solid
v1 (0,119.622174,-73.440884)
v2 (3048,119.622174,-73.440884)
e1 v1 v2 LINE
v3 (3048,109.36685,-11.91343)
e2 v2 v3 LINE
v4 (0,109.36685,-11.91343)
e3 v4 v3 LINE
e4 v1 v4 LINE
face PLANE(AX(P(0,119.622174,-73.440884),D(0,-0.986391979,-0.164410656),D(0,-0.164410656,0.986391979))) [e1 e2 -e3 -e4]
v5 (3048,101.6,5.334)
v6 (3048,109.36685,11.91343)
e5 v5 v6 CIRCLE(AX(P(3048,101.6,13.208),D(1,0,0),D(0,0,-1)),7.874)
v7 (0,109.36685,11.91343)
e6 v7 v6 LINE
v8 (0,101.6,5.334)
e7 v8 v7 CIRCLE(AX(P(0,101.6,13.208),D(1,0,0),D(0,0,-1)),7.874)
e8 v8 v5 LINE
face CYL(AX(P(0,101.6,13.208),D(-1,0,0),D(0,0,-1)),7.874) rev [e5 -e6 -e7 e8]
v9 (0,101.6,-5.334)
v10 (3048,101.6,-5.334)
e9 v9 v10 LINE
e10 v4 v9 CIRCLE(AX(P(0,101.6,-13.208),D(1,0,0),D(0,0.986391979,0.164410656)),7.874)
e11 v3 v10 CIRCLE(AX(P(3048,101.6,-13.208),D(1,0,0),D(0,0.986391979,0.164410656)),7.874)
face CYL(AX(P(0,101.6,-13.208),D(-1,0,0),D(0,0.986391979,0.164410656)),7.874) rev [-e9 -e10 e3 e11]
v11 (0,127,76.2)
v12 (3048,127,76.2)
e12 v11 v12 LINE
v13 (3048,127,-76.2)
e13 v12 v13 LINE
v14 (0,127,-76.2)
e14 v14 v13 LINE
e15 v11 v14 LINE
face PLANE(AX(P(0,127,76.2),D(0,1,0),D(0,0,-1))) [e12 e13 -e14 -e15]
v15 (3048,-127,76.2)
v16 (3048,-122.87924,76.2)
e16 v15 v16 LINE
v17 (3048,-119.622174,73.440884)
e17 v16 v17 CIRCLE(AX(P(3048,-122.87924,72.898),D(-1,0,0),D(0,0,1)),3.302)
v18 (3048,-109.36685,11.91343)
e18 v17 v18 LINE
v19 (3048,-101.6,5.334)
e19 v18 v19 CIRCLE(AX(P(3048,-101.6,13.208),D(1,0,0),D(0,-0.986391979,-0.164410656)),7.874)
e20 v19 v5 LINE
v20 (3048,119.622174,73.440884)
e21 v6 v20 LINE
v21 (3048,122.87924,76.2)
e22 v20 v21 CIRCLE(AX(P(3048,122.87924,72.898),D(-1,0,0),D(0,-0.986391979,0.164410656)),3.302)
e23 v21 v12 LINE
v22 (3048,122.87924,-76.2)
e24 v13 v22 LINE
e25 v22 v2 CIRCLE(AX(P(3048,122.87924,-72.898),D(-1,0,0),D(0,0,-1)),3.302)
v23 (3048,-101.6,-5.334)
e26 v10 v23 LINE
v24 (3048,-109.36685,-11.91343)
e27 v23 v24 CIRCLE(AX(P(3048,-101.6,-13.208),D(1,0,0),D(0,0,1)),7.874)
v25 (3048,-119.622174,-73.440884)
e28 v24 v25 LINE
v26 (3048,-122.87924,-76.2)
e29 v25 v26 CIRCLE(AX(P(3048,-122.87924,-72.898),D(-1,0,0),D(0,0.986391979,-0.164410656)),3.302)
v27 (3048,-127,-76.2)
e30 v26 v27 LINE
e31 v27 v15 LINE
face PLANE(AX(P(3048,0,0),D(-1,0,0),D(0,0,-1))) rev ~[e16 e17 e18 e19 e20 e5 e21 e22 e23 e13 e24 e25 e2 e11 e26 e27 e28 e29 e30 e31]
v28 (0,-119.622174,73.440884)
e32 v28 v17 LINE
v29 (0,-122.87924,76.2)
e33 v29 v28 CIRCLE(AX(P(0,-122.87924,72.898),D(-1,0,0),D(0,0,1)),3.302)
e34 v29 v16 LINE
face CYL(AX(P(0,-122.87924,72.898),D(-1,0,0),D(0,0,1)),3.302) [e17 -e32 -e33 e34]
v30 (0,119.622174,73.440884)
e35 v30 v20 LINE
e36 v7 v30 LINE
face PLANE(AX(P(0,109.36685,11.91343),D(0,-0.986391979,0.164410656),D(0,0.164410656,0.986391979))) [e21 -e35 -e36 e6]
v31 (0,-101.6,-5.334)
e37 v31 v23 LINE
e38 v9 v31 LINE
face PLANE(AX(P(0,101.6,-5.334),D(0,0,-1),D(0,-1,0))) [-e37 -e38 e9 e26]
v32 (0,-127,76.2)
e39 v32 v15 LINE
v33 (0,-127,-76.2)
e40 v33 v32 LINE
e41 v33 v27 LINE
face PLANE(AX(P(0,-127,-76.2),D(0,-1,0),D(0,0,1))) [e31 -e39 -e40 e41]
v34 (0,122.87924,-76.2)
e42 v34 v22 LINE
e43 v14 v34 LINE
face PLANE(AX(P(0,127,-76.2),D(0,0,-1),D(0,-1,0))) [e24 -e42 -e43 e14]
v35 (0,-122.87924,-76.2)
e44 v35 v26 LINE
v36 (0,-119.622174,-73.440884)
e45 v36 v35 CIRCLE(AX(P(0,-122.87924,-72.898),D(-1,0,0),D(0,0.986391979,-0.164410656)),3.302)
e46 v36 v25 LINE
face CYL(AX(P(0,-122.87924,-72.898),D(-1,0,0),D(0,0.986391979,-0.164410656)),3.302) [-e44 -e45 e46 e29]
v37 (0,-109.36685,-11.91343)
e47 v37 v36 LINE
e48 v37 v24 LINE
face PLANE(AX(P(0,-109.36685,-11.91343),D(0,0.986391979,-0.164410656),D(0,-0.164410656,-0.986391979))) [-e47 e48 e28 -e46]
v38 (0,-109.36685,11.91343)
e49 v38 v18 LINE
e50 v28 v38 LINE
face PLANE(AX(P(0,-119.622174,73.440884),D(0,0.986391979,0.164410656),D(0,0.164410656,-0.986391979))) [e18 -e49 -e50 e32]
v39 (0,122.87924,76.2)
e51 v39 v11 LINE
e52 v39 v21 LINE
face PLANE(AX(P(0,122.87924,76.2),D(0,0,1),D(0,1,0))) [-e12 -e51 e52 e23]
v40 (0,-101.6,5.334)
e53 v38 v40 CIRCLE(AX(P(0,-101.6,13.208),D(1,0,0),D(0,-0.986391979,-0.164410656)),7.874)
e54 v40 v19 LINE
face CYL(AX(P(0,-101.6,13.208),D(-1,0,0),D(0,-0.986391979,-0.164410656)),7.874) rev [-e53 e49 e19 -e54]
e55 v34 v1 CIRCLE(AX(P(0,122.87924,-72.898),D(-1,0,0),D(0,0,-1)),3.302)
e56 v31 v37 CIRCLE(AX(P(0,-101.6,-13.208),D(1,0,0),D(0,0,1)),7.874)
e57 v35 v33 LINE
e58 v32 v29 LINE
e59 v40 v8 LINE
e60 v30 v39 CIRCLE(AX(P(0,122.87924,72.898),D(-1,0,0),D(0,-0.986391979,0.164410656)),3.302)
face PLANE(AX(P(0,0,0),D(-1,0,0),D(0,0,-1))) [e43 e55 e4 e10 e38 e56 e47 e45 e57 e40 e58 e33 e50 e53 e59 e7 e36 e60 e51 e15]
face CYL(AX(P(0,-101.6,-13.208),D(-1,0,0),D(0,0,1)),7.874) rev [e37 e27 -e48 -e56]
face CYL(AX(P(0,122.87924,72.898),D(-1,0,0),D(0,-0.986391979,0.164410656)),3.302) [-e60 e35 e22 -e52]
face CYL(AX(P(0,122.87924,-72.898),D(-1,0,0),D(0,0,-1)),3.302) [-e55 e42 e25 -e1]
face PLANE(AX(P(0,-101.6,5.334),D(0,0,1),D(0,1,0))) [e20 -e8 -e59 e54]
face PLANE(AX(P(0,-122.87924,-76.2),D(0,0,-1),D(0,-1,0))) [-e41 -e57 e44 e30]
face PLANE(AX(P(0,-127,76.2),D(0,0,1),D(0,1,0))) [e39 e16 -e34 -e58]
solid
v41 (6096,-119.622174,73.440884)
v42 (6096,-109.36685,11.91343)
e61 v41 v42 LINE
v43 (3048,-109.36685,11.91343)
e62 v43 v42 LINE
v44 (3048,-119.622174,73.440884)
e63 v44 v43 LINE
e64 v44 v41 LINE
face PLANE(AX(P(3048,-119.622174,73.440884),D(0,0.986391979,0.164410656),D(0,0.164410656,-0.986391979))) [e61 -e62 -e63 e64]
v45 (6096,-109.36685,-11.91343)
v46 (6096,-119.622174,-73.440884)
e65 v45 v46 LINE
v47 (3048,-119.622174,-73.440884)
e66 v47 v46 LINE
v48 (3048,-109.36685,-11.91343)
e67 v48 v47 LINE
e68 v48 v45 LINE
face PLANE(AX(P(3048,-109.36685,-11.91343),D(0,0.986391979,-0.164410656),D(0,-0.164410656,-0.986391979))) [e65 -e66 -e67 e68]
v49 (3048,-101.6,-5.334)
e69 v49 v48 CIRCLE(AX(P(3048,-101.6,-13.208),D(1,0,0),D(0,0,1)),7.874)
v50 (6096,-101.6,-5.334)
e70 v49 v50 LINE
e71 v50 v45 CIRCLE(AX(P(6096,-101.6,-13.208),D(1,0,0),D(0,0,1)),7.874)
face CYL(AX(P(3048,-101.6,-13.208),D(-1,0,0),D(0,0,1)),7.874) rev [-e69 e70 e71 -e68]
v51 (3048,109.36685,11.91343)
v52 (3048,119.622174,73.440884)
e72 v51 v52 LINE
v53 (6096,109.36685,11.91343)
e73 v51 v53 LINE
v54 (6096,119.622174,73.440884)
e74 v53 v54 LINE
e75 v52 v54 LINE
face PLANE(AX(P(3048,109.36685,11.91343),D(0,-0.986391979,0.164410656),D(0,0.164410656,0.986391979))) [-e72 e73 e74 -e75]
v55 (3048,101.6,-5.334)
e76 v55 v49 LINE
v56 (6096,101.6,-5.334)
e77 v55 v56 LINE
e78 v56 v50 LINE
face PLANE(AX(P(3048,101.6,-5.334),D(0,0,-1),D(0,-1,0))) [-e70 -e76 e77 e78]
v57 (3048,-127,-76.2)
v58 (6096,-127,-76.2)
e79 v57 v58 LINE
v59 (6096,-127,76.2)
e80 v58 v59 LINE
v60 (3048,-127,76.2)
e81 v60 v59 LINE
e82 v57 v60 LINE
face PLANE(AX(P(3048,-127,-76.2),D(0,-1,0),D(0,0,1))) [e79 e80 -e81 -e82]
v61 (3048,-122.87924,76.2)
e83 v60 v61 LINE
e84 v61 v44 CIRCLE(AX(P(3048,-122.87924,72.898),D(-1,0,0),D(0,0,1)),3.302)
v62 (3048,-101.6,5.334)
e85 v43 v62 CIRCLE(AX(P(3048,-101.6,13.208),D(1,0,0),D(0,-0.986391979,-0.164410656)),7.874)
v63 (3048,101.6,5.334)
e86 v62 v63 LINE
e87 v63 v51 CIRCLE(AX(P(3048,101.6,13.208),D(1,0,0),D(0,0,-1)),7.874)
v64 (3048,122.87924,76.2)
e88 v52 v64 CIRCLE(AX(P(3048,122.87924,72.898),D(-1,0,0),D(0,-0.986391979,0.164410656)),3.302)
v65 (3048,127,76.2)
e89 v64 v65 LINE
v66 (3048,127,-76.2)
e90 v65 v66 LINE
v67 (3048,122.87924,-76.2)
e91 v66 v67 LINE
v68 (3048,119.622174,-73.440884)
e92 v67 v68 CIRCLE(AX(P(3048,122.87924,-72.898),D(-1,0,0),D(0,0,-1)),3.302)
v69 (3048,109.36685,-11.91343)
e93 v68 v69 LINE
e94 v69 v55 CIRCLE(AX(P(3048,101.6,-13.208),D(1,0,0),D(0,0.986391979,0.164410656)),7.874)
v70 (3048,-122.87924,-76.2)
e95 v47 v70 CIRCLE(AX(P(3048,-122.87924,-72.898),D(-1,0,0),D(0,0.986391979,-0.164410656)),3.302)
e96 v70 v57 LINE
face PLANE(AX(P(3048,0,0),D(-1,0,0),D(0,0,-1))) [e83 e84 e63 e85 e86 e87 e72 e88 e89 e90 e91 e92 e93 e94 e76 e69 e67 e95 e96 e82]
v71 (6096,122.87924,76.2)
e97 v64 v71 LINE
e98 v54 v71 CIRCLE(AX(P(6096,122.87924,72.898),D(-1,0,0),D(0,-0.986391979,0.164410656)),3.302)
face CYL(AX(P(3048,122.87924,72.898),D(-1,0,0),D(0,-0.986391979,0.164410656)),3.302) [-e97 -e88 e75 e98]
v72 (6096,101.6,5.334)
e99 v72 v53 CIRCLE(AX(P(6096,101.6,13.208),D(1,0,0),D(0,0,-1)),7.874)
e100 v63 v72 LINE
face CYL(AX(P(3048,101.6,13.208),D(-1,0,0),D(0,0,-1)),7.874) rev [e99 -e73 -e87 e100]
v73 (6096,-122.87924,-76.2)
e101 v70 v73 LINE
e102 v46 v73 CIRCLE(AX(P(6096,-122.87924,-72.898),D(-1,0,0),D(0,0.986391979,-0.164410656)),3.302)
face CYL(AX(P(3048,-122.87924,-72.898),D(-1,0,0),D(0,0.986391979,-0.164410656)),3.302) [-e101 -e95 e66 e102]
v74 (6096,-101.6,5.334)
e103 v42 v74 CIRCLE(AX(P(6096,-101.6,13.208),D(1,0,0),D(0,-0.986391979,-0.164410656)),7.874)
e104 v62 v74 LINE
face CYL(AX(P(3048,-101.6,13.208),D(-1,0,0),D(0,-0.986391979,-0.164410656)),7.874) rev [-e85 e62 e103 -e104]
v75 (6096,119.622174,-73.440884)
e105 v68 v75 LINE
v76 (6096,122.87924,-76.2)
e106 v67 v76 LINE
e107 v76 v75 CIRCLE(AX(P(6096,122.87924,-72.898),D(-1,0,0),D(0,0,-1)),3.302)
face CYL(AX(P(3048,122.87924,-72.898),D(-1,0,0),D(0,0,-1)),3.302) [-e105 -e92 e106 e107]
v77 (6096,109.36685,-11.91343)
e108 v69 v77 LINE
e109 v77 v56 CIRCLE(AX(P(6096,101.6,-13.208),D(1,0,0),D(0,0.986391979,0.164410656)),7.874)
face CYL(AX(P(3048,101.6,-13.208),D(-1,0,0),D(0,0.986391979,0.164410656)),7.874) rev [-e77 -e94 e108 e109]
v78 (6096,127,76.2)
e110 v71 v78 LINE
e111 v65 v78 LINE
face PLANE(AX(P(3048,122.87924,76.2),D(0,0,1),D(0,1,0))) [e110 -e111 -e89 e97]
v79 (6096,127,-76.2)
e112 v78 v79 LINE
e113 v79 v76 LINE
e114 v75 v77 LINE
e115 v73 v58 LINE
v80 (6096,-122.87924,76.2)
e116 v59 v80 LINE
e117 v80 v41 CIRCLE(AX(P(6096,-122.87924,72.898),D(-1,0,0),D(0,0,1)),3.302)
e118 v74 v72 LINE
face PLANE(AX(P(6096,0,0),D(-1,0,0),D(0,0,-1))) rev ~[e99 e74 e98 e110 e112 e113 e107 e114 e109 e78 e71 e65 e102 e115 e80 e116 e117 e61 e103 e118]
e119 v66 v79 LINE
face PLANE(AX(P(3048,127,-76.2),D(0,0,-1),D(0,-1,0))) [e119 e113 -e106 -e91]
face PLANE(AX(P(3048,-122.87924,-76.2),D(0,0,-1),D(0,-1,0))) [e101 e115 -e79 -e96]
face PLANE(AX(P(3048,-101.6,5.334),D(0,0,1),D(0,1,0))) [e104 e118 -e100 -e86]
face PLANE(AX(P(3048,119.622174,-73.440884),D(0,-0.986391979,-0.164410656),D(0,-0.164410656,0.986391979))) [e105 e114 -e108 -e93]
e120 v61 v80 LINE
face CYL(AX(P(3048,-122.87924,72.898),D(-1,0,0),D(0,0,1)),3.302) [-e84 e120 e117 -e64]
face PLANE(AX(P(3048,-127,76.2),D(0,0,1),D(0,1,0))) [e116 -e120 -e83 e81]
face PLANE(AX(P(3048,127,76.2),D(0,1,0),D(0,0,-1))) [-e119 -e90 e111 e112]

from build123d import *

# Parameters (mm, degrees)
STRUCTURAL_MEMBER1_DEPTH   = 3048
STRUCTURAL_MEMBER1_2_DEPTH = 3048


with BuildPart() as part:
    # Sketch11 → Structural Member1 (new body)
    with BuildSketch(Plane(origin=(0, 0, 0), x_dir=(0, 0, 1), z_dir=(1, 0, 0))):
        with BuildLine():
            Line((-76.2, -127), (-76.2, -122.87924041))
            ThreePointArc((-76.2, -122.87924041), (-75.417504606, -120.744925405), (-73.440883986, -119.622174095))
            Line((-73.440883986, -119.622174095), (-11.913430494, -109.366850442))
            ThreePointArc((-11.913430494, -109.366850442), (-7.199950554, -106.689520396), (-5.334, -101.6))
            Line((-5.334, -101.6), (-5.334, 101.6))
            ThreePointArc((-5.334, 101.6), (-7.199950554, 106.689520396), (-11.913430494, 109.366850442))
            Line((-11.913430494, 109.366850442), (-73.440883986, 119.622174095))
            ThreePointArc((-73.440883986, 119.622174095), (-75.417504606, 120.744925405), (-76.2, 122.87924041))
            Line((-76.2, 122.87924041), (-76.2, 127))
            Line((-76.2, 127), (76.2, 127))
            Line((76.2, 127), (76.2, 122.87924041))
            ThreePointArc((76.2, 122.87924041), (75.417504606, 120.744925405), (73.440883986, 119.622174095))
            Line((73.440883986, 119.622174095), (11.913430494, 109.366850442))
            ThreePointArc((11.913430494, 109.366850442), (7.199950554, 106.689520396), (5.334, 101.6))
            Line((5.334, 101.6), (5.334, -101.6))
            ThreePointArc((5.334, -101.6), (7.199950554, -106.689520396), (11.913430494, -109.366850442))
            Line((11.913430494, -109.366850442), (73.440883986, -119.622174095))
            ThreePointArc((73.440883986, -119.622174095), (75.417504606, -120.744925405), (76.2, -122.87924041))
            Line((76.2, -122.87924041), (76.2, -127))
            Line((76.2, -127), (-76.2, -127))
        make_face()
    extrude(amount=STRUCTURAL_MEMBER1_DEPTH)


with BuildPart() as body_2:
    # Sketch11 on segment 2 (carried to segment 2) → Structural Member1 2 (new body)
    with BuildSketch(Plane(origin=(3048, 0, 0), x_dir=(0, 0, 1), z_dir=(1, 0, 0))):
        with BuildLine():
            Line((-76.2, -127), (-76.2, -122.87924041))
            ThreePointArc((-76.2, -122.87924041), (-75.417504606, -120.744925405), (-73.440883986, -119.622174095))
            Line((-73.440883986, -119.622174095), (-11.913430494, -109.366850442))
            ThreePointArc((-11.913430494, -109.366850442), (-7.199950554, -106.689520396), (-5.334, -101.6))
            Line((-5.334, -101.6), (-5.334, 101.6))
            ThreePointArc((-5.334, 101.6), (-7.199950554, 106.689520396), (-11.913430494, 109.366850442))
            Line((-11.913430494, 109.366850442), (-73.440883986, 119.622174095))
            ThreePointArc((-73.440883986, 119.622174095), (-75.417504606, 120.744925405), (-76.2, 122.87924041))
            Line((-76.2, 122.87924041), (-76.2, 127))
            Line((-76.2, 127), (76.2, 127))
            Line((76.2, 127), (76.2, 122.87924041))
            ThreePointArc((76.2, 122.87924041), (75.417504606, 120.744925405), (73.440883986, 119.622174095))
            Line((73.440883986, 119.622174095), (11.913430494, 109.366850442))
            ThreePointArc((11.913430494, 109.366850442), (7.199950554, 106.689520396), (5.334, 101.6))
            Line((5.334, 101.6), (5.334, -101.6))
            ThreePointArc((5.334, -101.6), (7.199950554, -106.689520396), (11.913430494, -109.366850442))
            Line((11.913430494, -109.366850442), (73.440883986, -119.622174095))
            ThreePointArc((73.440883986, -119.622174095), (75.417504606, -120.744925405), (76.2, -122.87924041))
            Line((76.2, -122.87924041), (76.2, -127))
            Line((76.2, -127), (-76.2, -127))
        make_face()
    extrude(amount=STRUCTURAL_MEMBER1_2_DEPTH)


solid = Compound([part.part, body_2.part])
